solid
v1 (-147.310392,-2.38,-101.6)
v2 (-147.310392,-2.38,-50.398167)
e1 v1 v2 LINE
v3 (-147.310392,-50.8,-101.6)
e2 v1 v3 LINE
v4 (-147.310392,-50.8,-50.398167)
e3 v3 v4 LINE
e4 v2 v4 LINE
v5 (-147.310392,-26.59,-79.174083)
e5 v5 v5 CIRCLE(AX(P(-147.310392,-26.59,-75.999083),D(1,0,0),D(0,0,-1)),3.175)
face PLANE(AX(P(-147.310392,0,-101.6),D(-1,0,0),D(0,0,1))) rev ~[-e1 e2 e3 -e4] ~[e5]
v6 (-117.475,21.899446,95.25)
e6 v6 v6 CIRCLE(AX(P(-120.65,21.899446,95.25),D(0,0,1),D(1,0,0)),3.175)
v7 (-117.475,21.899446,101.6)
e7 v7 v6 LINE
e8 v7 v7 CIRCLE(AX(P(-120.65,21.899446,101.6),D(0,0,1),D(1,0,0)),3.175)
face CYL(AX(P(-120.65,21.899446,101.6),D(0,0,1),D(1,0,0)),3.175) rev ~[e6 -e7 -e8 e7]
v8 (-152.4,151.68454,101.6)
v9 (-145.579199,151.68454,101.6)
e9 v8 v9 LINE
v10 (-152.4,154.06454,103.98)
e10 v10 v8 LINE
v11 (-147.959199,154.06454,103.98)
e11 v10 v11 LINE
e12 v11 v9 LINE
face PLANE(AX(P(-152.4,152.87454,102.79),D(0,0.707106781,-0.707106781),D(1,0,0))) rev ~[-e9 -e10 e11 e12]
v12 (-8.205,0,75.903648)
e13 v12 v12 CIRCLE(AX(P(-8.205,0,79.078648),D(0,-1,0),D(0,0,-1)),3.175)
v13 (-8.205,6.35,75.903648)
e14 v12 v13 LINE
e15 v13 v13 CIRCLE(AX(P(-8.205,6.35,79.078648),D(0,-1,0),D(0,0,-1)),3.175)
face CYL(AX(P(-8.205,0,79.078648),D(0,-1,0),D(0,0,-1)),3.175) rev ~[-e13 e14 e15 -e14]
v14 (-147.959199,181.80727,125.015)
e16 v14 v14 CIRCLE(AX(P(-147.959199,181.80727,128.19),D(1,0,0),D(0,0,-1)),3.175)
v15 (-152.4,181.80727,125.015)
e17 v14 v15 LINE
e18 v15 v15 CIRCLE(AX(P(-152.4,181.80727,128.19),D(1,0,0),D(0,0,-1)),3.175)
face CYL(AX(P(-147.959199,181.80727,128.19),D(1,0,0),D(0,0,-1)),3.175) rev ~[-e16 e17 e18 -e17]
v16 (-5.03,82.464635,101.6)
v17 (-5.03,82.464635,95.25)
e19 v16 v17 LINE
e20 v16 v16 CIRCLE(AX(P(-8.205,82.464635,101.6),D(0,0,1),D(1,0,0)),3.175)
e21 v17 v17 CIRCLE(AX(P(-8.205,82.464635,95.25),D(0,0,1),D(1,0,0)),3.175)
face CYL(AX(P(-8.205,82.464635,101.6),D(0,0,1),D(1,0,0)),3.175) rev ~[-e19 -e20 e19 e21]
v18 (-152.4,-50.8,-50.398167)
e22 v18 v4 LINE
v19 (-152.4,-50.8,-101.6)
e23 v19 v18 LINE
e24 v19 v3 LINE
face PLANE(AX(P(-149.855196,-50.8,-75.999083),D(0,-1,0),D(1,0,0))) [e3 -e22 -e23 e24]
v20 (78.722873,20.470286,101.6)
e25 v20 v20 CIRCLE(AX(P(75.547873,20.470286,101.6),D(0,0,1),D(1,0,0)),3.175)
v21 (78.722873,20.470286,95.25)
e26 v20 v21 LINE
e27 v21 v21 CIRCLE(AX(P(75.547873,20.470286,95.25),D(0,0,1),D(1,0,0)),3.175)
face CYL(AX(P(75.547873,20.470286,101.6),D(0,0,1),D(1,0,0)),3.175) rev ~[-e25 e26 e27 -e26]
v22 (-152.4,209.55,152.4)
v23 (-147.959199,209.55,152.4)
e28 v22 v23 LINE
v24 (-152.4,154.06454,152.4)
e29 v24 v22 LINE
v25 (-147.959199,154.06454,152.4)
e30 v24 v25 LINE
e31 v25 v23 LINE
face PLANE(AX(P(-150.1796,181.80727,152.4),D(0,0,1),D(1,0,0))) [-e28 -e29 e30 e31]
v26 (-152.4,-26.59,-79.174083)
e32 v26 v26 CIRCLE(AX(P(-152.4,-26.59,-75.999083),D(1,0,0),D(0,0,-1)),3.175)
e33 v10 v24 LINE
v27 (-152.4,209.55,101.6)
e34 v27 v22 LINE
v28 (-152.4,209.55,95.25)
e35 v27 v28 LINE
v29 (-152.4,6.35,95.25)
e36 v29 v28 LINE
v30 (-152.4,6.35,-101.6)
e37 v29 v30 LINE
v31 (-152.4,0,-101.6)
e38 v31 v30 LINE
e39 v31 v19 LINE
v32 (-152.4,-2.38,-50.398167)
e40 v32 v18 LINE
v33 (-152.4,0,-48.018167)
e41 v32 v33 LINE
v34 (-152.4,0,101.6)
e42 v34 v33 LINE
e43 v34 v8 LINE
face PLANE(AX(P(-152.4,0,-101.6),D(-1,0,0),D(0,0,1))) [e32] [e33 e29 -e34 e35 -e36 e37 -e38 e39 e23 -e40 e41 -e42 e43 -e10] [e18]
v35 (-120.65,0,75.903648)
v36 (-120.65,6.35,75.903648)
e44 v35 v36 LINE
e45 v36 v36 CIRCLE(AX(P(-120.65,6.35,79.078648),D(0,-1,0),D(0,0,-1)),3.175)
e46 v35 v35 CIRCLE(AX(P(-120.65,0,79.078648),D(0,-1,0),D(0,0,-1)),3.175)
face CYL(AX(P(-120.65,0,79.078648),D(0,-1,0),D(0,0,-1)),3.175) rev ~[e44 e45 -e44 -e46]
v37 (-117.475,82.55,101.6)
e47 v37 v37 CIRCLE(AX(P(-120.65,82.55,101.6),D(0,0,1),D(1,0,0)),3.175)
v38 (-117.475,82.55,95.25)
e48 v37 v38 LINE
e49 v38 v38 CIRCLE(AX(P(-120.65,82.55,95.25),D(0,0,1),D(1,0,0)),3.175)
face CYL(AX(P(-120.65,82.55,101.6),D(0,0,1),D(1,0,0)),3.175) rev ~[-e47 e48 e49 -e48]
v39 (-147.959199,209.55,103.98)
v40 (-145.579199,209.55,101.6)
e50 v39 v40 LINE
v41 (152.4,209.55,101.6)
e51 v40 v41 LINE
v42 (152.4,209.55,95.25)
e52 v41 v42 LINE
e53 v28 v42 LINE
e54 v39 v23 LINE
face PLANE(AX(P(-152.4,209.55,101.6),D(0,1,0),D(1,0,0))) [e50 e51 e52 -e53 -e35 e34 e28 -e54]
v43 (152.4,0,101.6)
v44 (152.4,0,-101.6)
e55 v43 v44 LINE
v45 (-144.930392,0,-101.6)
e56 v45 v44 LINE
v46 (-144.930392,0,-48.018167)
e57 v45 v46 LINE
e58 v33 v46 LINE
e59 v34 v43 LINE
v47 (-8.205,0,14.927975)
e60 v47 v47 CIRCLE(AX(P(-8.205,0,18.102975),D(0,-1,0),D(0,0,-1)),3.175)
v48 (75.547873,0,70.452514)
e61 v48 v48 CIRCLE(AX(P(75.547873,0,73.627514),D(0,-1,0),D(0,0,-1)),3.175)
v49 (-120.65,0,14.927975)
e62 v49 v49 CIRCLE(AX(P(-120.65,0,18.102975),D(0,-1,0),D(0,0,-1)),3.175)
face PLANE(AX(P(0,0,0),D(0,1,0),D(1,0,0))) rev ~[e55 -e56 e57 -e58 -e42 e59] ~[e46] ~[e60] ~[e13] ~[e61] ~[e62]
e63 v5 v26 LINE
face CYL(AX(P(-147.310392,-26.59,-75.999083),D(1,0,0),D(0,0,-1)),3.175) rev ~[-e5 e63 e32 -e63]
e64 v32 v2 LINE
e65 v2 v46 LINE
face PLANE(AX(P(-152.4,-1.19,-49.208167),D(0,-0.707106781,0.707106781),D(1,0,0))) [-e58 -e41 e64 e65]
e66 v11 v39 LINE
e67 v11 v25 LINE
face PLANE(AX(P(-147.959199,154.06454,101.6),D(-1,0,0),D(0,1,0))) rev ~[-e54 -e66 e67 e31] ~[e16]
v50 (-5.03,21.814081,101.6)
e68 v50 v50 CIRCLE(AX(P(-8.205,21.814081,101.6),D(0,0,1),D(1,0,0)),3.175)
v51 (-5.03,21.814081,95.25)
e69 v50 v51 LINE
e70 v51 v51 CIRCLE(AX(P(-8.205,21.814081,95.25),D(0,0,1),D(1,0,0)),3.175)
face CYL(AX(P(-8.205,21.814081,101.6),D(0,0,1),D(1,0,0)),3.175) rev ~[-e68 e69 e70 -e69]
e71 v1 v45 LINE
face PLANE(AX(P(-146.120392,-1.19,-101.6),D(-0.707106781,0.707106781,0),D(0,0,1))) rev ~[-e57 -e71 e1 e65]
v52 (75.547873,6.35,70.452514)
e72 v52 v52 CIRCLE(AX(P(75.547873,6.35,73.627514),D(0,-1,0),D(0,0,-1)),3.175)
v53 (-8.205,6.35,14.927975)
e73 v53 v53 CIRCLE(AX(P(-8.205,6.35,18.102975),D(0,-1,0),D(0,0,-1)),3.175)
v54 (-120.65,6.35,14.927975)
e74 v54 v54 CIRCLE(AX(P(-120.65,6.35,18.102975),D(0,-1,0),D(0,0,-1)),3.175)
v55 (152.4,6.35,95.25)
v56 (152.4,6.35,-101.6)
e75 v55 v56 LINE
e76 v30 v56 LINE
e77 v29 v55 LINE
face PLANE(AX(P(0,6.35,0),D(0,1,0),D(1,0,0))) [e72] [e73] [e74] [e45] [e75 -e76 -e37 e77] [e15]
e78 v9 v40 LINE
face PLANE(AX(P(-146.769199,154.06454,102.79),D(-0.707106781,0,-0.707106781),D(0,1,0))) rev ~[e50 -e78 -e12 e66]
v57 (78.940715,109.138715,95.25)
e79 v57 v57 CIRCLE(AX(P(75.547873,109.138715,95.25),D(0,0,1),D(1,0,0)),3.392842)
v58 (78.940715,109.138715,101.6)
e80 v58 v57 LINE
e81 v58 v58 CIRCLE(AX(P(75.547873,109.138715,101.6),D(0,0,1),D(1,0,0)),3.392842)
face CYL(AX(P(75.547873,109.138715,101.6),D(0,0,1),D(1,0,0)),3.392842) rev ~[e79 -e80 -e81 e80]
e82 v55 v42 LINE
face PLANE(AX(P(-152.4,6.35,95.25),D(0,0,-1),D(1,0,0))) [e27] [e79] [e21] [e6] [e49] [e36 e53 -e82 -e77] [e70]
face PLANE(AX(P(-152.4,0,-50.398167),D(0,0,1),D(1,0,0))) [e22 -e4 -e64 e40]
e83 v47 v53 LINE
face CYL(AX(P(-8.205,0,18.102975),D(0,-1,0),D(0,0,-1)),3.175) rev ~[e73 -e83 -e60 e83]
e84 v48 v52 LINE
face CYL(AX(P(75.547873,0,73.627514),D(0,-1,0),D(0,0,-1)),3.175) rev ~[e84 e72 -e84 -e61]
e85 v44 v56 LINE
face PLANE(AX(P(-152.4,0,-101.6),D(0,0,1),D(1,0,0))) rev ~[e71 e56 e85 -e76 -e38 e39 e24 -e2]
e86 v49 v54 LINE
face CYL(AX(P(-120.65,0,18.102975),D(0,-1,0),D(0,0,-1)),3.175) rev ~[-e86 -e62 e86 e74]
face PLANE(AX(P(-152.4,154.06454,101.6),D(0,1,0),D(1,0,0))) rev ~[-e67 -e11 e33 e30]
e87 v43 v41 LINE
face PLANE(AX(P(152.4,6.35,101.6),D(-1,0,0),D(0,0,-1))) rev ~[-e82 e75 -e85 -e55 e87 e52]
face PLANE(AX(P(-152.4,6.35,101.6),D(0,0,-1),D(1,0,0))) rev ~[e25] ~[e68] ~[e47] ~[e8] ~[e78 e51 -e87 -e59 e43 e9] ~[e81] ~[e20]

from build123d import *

# Parameters (mm, degrees)
SKETCH1_W           = 304.8
SKETCH1_H           = 203.2
BOSS_EXTRUDE1_DEPTH = 6.35
SKETCH2_W           = 304.8
SKETCH2_H           = 6.35
BOSS_EXTRUDE2_DEPTH = 40.64
SKETCH3_W           = 20.403275231
SKETCH3_H           = 40.64
CUT_EXTRUDE1_DEPTH  = 325.70549749
SKETCH2_2_W         = 304.8
SKETCH2_2_H         = 6.35
BOSS_EXTRUDE3_DEPTH = 203.2
SKETCH9_R           = 3.175
CUT_EXTRUDE2_DEPTH  = 10.922
SKETCH10_R          = 3.175
SKETCH10_R_2        = 3.392842108
CUT_EXTRUDE3_DEPTH  = 10.922
SKETCH11_W          = 4.440800547
SKETCH11_H          = 55.485459727
BOSS_EXTRUDE7_DEPTH = 50.8
CHAMFER1_SIZE       = 2.38
SKETCH12_W          = 5.089607789
SKETCH12_H          = 51.20183316
BOSS_EXTRUDE8_DEPTH = 50.8
CHAMFER2_SIZE       = 2.38
SKETCH13_R          = 3.175
CUT_EXTRUDE4_DEPTH  = 50.8
SKETCH14_R          = 3.175
CUT_EXTRUDE5_DEPTH  = 50.8


with BuildPart() as part:
    # Sketch1 → Boss-Extrude1 (new body)
    with BuildSketch(Plane(origin=(0, 0, 0), x_dir=(1, 0, 0), z_dir=(0, 1, 0))):
        Rectangle(SKETCH1_W, SKETCH1_H)
    extrude(amount=BOSS_EXTRUDE1_DEPTH)

    # Sketch2 → Boss-Extrude2 (add)
    with BuildSketch(Plane(origin=(0, 6.35, 0), x_dir=(1, 0, 0), z_dir=(0, 1, 0))):
        with Locations((0, -98.425)):
            Rectangle(SKETCH2_W, SKETCH2_H)
    extrude(amount=BOSS_EXTRUDE2_DEPTH)

    # Sketch3 → Cut-Extrude1 (cut, through all)
    with BuildSketch(Plane(origin=(152.4, 0, 0), x_dir=(0, 0, -1), z_dir=(1, 0, 0))):
        with Locations((-91.398362385, 26.67)):
            Rectangle(SKETCH3_W, SKETCH3_H)
        with Locations((91.398362385, 26.67)):
            Rectangle(SKETCH3_W, SKETCH3_H)
    extrude(amount=-CUT_EXTRUDE1_DEPTH, mode=Mode.SUBTRACT)

    # Sketch2<2> → Boss-Extrude3 (add)
    with BuildSketch(Plane(origin=(0, 6.35, 0), x_dir=(1, 0, 0), z_dir=(0, 1, 0))):
        with Locations((0, -98.425)):
            Rectangle(SKETCH2_2_W, SKETCH2_2_H)
    extrude(amount=BOSS_EXTRUDE3_DEPTH)

    # Sketch9 → Cut-Extrude2 (cut)
    with BuildSketch(Plane.XZ):
        with Locations((-120.65, 79.078648077)):
            Circle(SKETCH9_R)
        with Locations((-120.65, 18.102975355)):
            Circle(SKETCH9_R)
        with Locations((-8.205, 79.078648077)):
            Circle(SKETCH9_R)
        with Locations((-8.205, 18.102975355)):
            Circle(SKETCH9_R)
        with Locations((75.547873201, 73.627514031)):
            Circle(SKETCH9_R)
    extrude(amount=-CUT_EXTRUDE2_DEPTH, mode=Mode.SUBTRACT)

    # Sketch10 → Cut-Extrude3 (cut)
    with BuildSketch(Plane.XY.offset(101.6)):
        with Locations((-120.65, 82.55)):
            Circle(SKETCH10_R)
        with Locations((-120.65, 21.89944615)):
            Circle(SKETCH10_R)
        with Locations((-8.205, 82.46463474)):
            Circle(SKETCH10_R)
        with Locations((-8.205, 21.81408089)):
            Circle(SKETCH10_R)
        with Locations((75.547873201, 109.138715406)):
            Circle(SKETCH10_R_2)
        with Locations((75.547873201, 20.470285647)):
            Circle(SKETCH10_R)
    extrude(amount=-CUT_EXTRUDE3_DEPTH, mode=Mode.SUBTRACT)

    # Sketch11 → Boss-Extrude7 (add)
    with BuildSketch(Plane.XY.offset(101.6)):
        with Locations((-150.179599726, 181.807270136)):
            Rectangle(SKETCH11_W, SKETCH11_H)
    extrude(amount=BOSS_EXTRUDE7_DEPTH)

    # Chamfer1
    chamfer1_edges = [part.edges().sort_by_distance(p)[0] for p in [
        (-147.959199453, 181.807270136, 101.6),
        (-150.179599726, 154.064540273, 101.6),
    ]]
    chamfer(chamfer1_edges, length=CHAMFER1_SIZE)

    # Sketch12 → Boss-Extrude8 (add)
    with BuildSketch(Plane.XZ):
        with Locations((-149.855196105, -75.99908342)):
            Rectangle(SKETCH12_W, SKETCH12_H)
    extrude(amount=BOSS_EXTRUDE8_DEPTH)

    # Chamfer2
    chamfer2_edges = [part.edges().sort_by_distance(p)[0] for p in [
        (-149.855196105, 0, -50.39816684),
        (-147.310392211, 0, -75.99908342),
    ]]
    chamfer(chamfer2_edges, length=CHAMFER2_SIZE)

    # Sketch13 → Cut-Extrude4 (cut)
    with BuildSketch(Plane(origin=(-147.310392211, 0, 0), x_dir=(0, 0, -1), z_dir=(1, 0, 0))):
        with Locations((75.99908342, -26.59)):
            Circle(SKETCH13_R)
    extrude(amount=-CUT_EXTRUDE4_DEPTH, mode=Mode.SUBTRACT)

    # Sketch14 → Cut-Extrude5 (cut)
    with BuildSketch(Plane(origin=(-147.959199453, 0, 0), x_dir=(0, 0, -1), z_dir=(1, 0, 0))):
        with Locations((-128.19, 181.807270136)):
            Circle(SKETCH14_R)
    extrude(amount=-CUT_EXTRUDE5_DEPTH, mode=Mode.SUBTRACT)


solid = part.part
